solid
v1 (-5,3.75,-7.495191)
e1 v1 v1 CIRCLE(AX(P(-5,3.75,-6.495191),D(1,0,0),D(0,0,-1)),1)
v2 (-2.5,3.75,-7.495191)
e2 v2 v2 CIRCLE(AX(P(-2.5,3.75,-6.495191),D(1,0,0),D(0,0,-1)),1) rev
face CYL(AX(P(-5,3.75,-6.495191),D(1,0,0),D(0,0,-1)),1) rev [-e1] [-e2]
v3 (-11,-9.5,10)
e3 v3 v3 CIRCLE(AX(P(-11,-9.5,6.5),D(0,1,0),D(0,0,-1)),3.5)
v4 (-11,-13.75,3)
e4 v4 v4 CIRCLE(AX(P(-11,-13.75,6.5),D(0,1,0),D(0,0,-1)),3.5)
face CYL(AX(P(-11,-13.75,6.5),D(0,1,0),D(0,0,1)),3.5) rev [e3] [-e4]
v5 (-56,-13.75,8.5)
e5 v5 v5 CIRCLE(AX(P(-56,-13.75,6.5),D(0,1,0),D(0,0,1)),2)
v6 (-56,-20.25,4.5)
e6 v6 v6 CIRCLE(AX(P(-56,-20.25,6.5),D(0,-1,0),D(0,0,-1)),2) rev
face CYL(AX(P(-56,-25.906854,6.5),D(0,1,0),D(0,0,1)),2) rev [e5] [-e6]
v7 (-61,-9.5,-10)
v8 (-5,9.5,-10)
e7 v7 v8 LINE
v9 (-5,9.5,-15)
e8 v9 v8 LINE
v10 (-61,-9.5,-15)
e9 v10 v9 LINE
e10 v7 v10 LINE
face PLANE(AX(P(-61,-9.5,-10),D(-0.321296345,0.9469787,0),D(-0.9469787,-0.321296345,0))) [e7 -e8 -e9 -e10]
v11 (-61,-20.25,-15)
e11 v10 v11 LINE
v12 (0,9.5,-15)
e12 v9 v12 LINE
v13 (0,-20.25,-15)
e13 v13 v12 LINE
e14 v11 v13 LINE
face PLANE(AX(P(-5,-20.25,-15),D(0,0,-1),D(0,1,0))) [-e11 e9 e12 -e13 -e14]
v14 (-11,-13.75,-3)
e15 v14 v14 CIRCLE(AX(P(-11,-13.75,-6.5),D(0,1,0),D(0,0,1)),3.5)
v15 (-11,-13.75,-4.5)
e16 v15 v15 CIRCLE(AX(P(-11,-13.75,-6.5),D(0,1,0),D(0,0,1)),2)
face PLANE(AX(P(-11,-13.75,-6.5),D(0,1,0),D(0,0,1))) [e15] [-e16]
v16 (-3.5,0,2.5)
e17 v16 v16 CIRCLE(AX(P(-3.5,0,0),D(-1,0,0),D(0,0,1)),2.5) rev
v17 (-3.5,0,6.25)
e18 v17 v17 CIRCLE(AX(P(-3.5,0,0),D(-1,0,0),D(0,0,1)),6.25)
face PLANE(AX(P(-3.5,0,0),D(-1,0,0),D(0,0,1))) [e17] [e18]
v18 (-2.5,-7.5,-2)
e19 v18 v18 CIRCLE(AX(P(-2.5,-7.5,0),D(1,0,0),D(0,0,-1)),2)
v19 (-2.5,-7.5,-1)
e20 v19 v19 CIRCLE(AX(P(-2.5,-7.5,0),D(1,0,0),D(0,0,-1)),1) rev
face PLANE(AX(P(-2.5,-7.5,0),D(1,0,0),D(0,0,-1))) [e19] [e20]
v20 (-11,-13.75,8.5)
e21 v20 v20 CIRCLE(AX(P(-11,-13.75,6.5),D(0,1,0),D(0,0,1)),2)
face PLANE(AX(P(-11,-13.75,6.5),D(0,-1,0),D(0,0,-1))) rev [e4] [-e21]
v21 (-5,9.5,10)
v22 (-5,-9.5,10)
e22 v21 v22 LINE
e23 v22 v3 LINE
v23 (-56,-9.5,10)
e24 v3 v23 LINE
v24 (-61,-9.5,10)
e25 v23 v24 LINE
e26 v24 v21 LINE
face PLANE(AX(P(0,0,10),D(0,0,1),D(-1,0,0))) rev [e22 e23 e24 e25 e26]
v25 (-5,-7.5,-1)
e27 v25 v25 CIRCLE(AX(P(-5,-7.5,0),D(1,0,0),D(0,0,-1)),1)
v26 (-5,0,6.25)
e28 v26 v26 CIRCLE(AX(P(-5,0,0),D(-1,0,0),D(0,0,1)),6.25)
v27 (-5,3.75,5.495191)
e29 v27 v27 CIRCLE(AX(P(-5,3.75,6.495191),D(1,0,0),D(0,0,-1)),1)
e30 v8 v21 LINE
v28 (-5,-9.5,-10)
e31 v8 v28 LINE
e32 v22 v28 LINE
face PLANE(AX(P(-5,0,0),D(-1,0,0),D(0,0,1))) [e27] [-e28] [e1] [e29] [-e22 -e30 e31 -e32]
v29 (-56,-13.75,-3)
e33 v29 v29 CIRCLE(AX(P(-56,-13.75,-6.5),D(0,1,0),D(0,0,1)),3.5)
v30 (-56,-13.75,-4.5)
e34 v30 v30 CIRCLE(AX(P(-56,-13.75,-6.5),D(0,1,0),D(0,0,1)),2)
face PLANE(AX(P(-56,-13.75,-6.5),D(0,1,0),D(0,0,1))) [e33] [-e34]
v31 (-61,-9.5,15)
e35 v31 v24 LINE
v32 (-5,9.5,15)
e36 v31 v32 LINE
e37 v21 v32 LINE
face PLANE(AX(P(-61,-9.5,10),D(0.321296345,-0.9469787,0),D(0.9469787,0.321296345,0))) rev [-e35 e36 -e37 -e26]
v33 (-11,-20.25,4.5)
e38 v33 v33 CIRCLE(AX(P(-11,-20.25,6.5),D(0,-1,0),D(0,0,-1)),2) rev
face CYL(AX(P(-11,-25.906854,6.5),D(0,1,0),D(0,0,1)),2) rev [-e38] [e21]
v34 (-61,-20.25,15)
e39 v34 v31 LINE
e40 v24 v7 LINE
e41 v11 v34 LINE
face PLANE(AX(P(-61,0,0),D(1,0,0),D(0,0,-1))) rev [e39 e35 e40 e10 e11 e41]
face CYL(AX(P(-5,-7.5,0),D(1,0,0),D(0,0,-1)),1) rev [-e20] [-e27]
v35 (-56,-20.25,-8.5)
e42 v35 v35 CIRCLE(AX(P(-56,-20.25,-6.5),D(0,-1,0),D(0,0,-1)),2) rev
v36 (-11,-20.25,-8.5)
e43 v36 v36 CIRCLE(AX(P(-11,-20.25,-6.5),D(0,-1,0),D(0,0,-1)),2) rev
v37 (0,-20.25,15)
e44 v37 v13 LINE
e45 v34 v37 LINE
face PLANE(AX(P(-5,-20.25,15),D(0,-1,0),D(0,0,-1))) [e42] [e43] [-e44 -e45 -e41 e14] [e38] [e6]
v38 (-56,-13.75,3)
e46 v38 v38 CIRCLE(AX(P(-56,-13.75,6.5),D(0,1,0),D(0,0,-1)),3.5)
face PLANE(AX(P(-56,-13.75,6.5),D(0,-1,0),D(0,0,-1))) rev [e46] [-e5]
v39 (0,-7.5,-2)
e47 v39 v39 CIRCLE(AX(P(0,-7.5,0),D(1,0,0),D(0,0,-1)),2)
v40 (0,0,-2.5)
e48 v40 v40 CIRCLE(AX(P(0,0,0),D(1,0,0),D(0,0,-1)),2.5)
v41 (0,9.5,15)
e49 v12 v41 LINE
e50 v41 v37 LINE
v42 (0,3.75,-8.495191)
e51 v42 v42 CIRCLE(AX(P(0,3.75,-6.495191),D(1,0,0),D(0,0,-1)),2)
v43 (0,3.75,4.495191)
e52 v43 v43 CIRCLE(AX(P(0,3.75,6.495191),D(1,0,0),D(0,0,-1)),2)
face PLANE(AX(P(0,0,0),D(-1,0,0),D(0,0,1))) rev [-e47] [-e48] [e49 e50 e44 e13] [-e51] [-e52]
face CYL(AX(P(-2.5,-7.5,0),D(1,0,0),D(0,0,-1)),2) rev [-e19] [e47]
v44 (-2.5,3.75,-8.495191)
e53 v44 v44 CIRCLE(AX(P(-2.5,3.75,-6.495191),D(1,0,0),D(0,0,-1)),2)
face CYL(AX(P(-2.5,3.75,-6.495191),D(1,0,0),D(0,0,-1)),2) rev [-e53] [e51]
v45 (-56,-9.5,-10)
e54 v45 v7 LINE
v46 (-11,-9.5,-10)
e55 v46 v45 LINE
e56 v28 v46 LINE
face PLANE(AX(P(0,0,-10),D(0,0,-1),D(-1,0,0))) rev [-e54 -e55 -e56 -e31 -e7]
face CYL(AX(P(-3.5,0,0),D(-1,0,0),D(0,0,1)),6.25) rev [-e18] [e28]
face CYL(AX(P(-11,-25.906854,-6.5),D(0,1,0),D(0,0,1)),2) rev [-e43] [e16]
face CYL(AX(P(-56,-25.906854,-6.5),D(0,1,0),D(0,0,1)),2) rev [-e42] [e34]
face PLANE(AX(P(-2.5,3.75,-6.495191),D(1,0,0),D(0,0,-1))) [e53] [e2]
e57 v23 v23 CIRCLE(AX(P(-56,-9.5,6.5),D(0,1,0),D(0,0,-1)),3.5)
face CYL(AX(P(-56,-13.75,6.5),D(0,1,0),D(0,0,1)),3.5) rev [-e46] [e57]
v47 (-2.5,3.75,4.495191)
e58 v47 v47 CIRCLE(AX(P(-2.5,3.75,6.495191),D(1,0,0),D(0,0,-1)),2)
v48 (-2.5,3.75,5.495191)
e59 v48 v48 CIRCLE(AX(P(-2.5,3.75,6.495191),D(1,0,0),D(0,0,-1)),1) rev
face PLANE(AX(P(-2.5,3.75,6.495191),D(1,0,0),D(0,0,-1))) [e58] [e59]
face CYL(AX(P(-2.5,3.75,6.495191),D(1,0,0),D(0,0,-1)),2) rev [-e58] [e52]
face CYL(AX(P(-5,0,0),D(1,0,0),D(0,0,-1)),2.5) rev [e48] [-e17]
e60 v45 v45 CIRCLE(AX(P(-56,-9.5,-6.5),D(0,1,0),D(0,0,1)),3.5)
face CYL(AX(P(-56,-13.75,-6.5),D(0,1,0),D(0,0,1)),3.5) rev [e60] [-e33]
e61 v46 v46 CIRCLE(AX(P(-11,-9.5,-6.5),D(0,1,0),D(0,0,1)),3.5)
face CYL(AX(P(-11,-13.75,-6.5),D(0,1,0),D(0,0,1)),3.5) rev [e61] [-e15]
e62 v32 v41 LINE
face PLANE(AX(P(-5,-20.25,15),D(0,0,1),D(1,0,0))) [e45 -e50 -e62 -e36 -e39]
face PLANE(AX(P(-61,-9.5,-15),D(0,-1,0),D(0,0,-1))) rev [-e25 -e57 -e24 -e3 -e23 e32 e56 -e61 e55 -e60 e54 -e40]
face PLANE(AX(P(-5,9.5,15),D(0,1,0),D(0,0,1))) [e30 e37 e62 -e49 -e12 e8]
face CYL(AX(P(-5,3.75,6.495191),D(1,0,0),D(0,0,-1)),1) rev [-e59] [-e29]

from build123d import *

# Parameters (mm, degrees)
SKETCH5_W           = 30
SKETCH5_H           = 29.75
SKETCH5_R           = 2.5
SKETCH5_R_2         = 1
BOSS_EXTRUDE3_DEPTH = 5
SKETCH10_R          = 2
CUT_EXTRUDE8_DEPTH  = 2.5
SKETCH11_W          = 30
SKETCH11_H          = 10.75
BOSS_EXTRUDE4_DEPTH = 56
BOSS_EXTRUDE5_DEPTH = 5
SKETCH13_R          = 6.25
CUT_EXTRUDE9_DEPTH  = 1.5
SKETCH16_R          = 3.5
CUT_EXTRUDE10_DEPTH = 4.25
SKETCH17_R          = 2
CUT_EXTRUDE11_DEPTH = 6.5


with BuildPart() as part:
    # Sketch5 → Boss-Extrude3 (new body)
    with BuildSketch(Plane(origin=(0, 0, 0), x_dir=(0, 0, -1), z_dir=(1, 0, 0))):
        with Locations((0, -5.375)):
            Rectangle(SKETCH5_W, SKETCH5_H)
        Circle(SKETCH5_R, mode=Mode.SUBTRACT)
        with Locations((6.495190528, 3.75)):
            Circle(SKETCH5_R_2, mode=Mode.SUBTRACT)
        with Locations((0, -7.5)):
            Circle(SKETCH5_R_2, mode=Mode.SUBTRACT)
        with Locations((-6.495190528, 3.75)):
            Circle(SKETCH5_R_2, mode=Mode.SUBTRACT)
    extrude(amount=-BOSS_EXTRUDE3_DEPTH)

    # Sketch10 → Cut-Extrude8 (cut)
    with BuildSketch(Plane(origin=(0, 0, 0), x_dir=(0, 0, -1), z_dir=(1, 0, 0))):
        with Locations((-6.495190528, 3.75)):
            Circle(SKETCH10_R)
        with Locations((6.495190528, 3.75)):
            Circle(SKETCH10_R)
        with Locations((0, -7.5)):
            Circle(SKETCH10_R)
    extrude(amount=-CUT_EXTRUDE8_DEPTH, mode=Mode.SUBTRACT)

    # Sketch11 → Boss-Extrude4 (add)
    with BuildSketch(Plane.ZY.offset(5)):
        with Locations((0, -14.875)):
            Rectangle(SKETCH11_W, SKETCH11_H)
    extrude(amount=BOSS_EXTRUDE4_DEPTH)

    # Sketch12 → Boss-Extrude5 (add)
    with BuildSketch(Plane(origin=(0, 0, -15), x_dir=(-1, 0, 0), z_dir=(0, 0, -1))):
        Polygon((5, -9.5), (61, -9.5), (5, 9.5), align=None)
    boss_extrude5 = extrude(amount=-BOSS_EXTRUDE5_DEPTH)

    # Mirror1: Boss-Extrude5 across plane
    add(boss_extrude5.mirror(Plane.XY))

    # Sketch13 → Cut-Extrude9 (cut)
    with BuildSketch(Plane.ZY.offset(5)):
        Circle(SKETCH13_R)
    extrude(amount=-CUT_EXTRUDE9_DEPTH, mode=Mode.SUBTRACT)

    # Sketch16 → Cut-Extrude10 (cut)
    with BuildSketch(Plane(origin=(0, -9.5, 0), x_dir=(1, 0, 0), z_dir=(0, 1, 0))):
        with Locations(Location((-11, 6.5, 0), (0, 0, 270))):
            Circle(SKETCH16_R)
        with Locations(Location((-56, 6.5, 0), (0, 0, 270))):
            Circle(SKETCH16_R)
        with Locations(Location((-56, -6.5, 0), (0, 0, 270))):
            Circle(SKETCH16_R)
        with Locations(Location((-11, -6.5, 0), (0, 0, 270))):
            Circle(SKETCH16_R)
    extrude(amount=-CUT_EXTRUDE10_DEPTH, mode=Mode.SUBTRACT)

    # Sketch17 → Cut-Extrude11 (cut)
    with BuildSketch(Plane(origin=(0, -13.75, 0), x_dir=(1, 0, 0), z_dir=(0, 1, 0))):
        with Locations(Location((-56, 6.5, 0), (0, 0, 270))):
            Circle(SKETCH17_R)
        with Locations(Location((-11, 6.5, 0), (0, 0, 270))):
            Circle(SKETCH17_R)
        with Locations(Location((-11, -6.5, 0), (0, 0, 270))):
            Circle(SKETCH17_R)
        with Locations(Location((-56, -6.5, 0), (0, 0, 270))):
            Circle(SKETCH17_R)
    extrude(amount=-CUT_EXTRUDE11_DEPTH, mode=Mode.SUBTRACT)


solid = part.part
